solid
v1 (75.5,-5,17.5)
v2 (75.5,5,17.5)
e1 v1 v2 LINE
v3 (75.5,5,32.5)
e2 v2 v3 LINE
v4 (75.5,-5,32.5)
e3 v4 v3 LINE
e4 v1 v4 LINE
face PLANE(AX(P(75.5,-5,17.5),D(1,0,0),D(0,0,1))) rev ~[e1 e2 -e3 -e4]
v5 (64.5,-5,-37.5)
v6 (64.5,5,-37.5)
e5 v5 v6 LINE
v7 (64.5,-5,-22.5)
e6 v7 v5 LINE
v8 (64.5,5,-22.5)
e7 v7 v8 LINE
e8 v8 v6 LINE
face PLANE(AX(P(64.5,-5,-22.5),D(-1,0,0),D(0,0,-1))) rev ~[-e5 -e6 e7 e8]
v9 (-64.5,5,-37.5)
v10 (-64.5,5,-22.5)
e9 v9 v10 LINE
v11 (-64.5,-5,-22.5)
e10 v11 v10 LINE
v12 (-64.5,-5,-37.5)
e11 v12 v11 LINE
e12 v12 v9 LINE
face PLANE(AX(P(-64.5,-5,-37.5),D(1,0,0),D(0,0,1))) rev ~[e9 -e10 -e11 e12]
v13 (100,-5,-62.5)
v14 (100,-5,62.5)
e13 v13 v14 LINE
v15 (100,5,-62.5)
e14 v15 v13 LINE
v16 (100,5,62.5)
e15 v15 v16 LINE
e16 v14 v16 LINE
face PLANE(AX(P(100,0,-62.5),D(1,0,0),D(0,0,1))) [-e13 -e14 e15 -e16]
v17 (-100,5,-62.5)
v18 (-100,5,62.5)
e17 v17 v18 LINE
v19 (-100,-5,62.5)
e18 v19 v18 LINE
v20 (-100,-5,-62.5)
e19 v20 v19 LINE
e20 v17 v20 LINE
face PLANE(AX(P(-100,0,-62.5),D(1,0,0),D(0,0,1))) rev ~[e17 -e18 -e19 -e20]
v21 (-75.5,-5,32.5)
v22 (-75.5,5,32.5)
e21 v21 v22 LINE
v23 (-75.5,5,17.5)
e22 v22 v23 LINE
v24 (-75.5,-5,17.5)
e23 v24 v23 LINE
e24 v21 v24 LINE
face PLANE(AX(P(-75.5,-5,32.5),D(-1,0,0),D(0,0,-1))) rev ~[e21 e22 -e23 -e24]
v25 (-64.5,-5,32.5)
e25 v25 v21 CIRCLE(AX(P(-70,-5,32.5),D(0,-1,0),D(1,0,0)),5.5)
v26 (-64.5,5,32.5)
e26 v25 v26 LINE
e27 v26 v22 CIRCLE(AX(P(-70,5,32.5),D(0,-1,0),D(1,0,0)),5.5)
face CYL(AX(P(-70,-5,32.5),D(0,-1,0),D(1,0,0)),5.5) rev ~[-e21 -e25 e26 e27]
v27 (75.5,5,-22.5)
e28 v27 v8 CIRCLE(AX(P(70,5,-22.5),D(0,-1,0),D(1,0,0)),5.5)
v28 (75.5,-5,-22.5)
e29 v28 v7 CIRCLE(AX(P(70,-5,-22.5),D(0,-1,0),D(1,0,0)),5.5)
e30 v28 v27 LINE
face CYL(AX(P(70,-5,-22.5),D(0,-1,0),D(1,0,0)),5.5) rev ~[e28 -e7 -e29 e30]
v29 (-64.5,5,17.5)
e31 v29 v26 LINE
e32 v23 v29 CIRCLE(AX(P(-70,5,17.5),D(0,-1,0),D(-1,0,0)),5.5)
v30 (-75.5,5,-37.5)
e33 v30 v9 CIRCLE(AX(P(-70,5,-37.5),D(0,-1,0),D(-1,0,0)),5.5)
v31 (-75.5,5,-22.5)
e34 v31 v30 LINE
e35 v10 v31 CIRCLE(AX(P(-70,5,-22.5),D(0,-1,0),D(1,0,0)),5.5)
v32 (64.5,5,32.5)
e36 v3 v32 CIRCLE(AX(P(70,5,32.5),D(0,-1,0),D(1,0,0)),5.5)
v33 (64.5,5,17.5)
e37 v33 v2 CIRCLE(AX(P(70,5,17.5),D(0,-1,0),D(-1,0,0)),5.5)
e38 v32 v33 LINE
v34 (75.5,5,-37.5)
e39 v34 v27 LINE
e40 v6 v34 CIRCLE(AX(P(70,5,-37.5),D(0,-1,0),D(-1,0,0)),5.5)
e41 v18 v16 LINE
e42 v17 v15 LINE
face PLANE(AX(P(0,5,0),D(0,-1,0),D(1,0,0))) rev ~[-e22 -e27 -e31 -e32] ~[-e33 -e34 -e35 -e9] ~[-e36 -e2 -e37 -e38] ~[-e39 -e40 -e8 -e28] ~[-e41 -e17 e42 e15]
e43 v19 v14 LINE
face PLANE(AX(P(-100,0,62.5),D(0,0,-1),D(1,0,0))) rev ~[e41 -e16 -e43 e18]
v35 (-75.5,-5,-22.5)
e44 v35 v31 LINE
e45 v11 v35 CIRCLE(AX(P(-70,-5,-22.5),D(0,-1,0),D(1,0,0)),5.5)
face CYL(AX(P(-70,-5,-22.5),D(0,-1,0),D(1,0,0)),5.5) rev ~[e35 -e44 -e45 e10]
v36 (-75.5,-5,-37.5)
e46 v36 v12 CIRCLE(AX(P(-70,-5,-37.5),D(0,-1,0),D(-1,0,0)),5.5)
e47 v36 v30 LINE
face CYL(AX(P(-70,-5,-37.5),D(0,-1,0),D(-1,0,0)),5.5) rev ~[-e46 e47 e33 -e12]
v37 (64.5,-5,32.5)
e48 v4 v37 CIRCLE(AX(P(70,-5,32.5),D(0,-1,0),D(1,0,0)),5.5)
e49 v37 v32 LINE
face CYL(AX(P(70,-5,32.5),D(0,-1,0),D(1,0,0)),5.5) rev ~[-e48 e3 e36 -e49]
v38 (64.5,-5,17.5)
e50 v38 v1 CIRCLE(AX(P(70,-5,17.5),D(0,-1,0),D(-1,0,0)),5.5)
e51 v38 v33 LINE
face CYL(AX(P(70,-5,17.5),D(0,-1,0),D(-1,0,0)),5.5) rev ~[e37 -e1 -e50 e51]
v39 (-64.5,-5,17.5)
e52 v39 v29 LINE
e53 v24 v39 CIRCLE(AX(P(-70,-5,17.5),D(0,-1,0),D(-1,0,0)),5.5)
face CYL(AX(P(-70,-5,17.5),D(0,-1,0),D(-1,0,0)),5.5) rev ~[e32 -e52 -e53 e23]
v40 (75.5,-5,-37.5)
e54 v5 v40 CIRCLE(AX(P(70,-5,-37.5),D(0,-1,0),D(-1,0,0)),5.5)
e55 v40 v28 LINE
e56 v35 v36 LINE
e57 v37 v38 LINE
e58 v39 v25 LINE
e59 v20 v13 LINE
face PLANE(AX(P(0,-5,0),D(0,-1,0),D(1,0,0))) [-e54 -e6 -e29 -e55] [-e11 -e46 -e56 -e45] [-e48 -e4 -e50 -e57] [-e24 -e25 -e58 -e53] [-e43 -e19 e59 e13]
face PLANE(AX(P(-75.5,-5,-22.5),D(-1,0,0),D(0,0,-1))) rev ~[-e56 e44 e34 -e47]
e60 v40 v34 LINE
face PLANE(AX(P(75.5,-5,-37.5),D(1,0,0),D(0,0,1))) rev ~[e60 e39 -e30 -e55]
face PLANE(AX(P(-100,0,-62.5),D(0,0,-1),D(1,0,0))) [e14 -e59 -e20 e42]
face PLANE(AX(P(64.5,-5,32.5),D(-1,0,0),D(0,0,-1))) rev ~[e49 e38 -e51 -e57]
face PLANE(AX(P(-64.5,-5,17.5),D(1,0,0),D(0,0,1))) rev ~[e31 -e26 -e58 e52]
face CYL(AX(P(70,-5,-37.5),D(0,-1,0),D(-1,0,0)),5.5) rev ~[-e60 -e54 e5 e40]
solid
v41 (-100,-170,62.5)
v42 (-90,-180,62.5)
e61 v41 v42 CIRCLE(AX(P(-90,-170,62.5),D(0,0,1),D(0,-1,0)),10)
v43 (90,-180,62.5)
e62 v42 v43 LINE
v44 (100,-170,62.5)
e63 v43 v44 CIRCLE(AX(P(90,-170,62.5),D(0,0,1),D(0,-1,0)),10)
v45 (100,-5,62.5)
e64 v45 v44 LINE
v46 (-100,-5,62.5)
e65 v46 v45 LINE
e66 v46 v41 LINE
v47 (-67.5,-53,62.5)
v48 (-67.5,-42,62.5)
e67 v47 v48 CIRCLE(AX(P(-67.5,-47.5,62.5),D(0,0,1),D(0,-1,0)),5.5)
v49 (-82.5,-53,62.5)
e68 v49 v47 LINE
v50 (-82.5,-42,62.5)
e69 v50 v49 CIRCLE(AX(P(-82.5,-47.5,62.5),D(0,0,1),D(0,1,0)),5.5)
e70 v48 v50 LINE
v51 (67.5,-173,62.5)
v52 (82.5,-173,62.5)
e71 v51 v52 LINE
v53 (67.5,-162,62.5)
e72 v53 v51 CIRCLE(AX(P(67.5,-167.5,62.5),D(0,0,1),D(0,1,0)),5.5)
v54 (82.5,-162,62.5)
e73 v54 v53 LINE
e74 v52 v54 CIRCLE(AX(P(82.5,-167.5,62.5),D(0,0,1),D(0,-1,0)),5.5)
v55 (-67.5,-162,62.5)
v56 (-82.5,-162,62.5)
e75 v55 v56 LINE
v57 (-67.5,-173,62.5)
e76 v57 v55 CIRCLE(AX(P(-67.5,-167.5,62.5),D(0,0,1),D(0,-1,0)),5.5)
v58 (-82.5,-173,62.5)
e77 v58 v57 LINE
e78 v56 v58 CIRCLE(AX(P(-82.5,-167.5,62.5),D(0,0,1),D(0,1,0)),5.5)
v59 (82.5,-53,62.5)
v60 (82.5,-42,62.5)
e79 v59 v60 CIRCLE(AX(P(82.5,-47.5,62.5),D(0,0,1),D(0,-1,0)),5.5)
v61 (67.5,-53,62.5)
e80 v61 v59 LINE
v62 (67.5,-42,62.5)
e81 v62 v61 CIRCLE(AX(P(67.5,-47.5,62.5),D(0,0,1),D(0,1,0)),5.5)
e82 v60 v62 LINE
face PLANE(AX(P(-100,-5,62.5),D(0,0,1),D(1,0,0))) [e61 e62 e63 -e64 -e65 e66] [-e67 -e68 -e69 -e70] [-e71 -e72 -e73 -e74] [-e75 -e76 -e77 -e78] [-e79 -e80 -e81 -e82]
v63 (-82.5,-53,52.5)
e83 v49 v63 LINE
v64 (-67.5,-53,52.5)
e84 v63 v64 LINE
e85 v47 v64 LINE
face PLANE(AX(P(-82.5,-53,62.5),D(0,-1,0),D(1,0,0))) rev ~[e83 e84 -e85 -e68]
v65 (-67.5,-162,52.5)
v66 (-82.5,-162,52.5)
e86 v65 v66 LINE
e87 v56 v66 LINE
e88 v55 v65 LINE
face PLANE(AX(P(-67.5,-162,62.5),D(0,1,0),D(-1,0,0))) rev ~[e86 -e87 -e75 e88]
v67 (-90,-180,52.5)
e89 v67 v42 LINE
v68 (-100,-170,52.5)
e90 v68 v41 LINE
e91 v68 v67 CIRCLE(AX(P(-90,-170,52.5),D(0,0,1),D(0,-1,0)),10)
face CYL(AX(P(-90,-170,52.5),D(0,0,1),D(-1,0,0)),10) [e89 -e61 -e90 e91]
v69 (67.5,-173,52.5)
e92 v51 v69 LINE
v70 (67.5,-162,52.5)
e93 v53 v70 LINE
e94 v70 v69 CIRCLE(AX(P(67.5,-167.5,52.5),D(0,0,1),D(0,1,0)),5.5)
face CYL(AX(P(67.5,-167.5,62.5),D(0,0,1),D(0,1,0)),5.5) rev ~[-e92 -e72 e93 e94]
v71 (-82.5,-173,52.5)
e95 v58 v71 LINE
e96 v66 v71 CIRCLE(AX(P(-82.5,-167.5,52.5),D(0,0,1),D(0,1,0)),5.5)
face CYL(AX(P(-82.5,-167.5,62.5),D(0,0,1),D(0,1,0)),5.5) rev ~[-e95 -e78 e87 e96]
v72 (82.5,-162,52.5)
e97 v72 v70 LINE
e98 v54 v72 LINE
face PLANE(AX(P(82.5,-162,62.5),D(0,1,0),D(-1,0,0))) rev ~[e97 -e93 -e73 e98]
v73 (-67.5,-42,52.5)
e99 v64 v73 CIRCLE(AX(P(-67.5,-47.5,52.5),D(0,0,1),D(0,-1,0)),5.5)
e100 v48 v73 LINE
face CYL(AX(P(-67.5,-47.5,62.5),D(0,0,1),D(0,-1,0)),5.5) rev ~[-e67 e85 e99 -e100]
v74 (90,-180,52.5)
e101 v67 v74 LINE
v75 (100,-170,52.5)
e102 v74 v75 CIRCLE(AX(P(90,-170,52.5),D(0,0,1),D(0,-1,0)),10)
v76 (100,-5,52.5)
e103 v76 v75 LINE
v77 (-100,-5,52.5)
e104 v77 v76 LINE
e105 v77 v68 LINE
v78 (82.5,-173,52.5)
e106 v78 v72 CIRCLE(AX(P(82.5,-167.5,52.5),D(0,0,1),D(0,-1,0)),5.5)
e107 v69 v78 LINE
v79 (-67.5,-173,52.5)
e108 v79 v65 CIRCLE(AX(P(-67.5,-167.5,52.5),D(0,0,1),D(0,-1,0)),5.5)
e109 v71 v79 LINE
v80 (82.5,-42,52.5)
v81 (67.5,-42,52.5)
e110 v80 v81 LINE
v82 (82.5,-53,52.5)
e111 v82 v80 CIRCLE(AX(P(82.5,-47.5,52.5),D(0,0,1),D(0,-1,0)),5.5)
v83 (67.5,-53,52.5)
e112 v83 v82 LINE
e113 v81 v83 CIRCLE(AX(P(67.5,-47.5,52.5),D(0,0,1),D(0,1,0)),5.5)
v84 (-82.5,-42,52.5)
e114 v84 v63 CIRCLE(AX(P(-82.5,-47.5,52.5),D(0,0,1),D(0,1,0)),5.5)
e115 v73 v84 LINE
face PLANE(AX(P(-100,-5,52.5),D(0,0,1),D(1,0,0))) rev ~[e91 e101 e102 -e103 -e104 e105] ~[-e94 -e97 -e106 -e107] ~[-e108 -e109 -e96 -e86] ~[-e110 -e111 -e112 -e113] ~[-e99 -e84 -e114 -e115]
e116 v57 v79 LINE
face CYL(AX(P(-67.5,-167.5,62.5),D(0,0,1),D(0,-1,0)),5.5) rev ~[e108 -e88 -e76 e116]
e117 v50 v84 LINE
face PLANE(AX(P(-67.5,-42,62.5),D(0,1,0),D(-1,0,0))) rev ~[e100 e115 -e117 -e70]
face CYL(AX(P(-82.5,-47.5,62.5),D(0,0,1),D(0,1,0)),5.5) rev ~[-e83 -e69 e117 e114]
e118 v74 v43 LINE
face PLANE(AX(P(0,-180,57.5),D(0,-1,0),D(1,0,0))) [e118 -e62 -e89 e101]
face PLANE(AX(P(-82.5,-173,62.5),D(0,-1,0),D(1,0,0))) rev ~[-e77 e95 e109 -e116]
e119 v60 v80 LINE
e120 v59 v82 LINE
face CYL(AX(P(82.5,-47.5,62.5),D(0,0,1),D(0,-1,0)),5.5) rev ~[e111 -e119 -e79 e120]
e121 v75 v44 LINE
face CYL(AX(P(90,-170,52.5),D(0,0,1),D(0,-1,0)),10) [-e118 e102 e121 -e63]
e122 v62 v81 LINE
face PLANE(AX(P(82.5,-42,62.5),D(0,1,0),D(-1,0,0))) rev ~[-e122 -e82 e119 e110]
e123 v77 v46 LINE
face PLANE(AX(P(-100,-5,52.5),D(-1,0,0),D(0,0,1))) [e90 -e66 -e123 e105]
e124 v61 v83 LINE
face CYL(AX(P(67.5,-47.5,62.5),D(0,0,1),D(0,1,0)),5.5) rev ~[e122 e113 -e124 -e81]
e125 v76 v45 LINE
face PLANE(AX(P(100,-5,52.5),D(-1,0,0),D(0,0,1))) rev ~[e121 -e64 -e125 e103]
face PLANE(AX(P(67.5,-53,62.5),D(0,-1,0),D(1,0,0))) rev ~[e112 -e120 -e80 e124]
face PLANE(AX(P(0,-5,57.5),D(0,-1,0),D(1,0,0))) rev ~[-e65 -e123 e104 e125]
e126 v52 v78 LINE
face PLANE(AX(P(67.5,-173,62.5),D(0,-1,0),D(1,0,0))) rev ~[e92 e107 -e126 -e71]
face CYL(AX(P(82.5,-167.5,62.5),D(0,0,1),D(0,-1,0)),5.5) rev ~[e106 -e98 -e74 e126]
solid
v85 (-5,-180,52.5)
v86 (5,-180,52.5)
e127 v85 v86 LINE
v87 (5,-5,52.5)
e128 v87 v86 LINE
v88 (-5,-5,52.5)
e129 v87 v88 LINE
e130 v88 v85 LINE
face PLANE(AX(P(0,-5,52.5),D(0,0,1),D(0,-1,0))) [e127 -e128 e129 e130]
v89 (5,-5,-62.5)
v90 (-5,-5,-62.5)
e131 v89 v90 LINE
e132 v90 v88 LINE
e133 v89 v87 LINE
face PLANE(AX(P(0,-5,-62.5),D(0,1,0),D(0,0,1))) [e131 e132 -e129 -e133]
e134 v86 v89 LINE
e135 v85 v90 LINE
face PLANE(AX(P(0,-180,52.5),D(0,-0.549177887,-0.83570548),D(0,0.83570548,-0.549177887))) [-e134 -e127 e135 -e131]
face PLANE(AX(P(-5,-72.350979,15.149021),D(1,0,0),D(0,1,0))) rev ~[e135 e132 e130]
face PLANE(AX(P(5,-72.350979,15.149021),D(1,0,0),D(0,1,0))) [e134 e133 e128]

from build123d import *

# Parameters (mm, degrees)
F0_W     = 200
F0_H     = 125
F1_DEPTH = 5
F2_W     = 200
F2_H     = 10
F3_DEPTH = 175
F5_DEPTH = 10.001
F7_DEPTH = 5
F9_DEPTH = 125.001
F10_R    = 10


with BuildPart() as f1:
    # F0 (on Front) → F1 (new body, symmetric)
    with BuildSketch(Plane.XZ):
        Rectangle(F0_W, F0_H)
    extrude(amount=F1_DEPTH, both=True)

    # F4 (on face) → F5 (cut, through all)
    with BuildSketch(Plane.XZ.offset(5)):
        with BuildLine():
            ThreePointArc((-64.5, 32.5), (-70, 38), (-75.5, 32.5))
            Line((-75.5, 32.5), (-75.5, 17.5))
            ThreePointArc((-75.5, 17.5), (-70, 12), (-64.5, 17.5))
            Line((-64.5, 17.5), (-64.5, 32.5))
        make_face()
        with BuildLine():
            ThreePointArc((-64.5, -22.5), (-70, -17), (-75.5, -22.5))
            Line((-75.5, -22.5), (-75.5, -37.5))
            ThreePointArc((-75.5, -37.5), (-70, -43), (-64.5, -37.5))
            Line((-64.5, -37.5), (-64.5, -22.5))
        make_face()
        with BuildLine():
            ThreePointArc((75.5, 32.5), (70, 38), (64.5, 32.5))
            Line((64.5, 32.5), (64.5, 17.5))
            ThreePointArc((64.5, 17.5), (70, 12), (75.5, 17.5))
            Line((75.5, 17.5), (75.5, 32.5))
        make_face()
        with BuildLine():
            Line((75.5, -37.5), (75.5, -22.5))
            ThreePointArc((75.5, -22.5), (70, -17), (64.5, -22.5))
            Line((64.5, -22.5), (64.5, -37.5))
            ThreePointArc((64.5, -37.5), (70, -43), (75.5, -37.5))
        make_face()
    extrude(amount=-F5_DEPTH, mode=Mode.SUBTRACT)


with BuildPart() as f3:
    # F2 (on face) → F3 (new body)
    with BuildSketch(Plane.XZ.offset(5)):
        with Locations((0, 57.5)):
            Rectangle(F2_W, F2_H)
    extrude(amount=F3_DEPTH)

    # F8 (on face) → F9 (cut, through all)
    with BuildSketch(Plane.XY.offset(62.5)):
        with BuildLine():
            ThreePointArc((67.5, -42), (62, -47.5), (67.5, -53))
            Line((67.5, -53), (82.5, -53))
            ThreePointArc((82.5, -53), (88, -47.5), (82.5, -42))
            Line((82.5, -42), (67.5, -42))
        make_face()
        with BuildLine():
            ThreePointArc((67.5, -162), (62, -167.5), (67.5, -173))
            Line((67.5, -173), (82.5, -173))
            ThreePointArc((82.5, -173), (88, -167.5), (82.5, -162))
            Line((82.5, -162), (67.5, -162))
        make_face()
        with BuildLine():
            Line((-82.5, -53), (-67.5, -53))
            ThreePointArc((-67.5, -53), (-62, -47.5), (-67.5, -42))
            Line((-67.5, -42), (-82.5, -42))
            ThreePointArc((-82.5, -42), (-88, -47.5), (-82.5, -53))
        make_face()
        with BuildLine():
            Line((-82.5, -173), (-67.5, -173))
            ThreePointArc((-67.5, -173), (-62, -167.5), (-67.5, -162))
            Line((-67.5, -162), (-82.5, -162))
            ThreePointArc((-82.5, -162), (-88, -167.5), (-82.5, -173))
        make_face()
    extrude(amount=-F9_DEPTH, mode=Mode.SUBTRACT)

    # F10
    f10_edges = [f3.edges().sort_by_distance(p)[0] for p in [
        (100, -180, 57.5),
        (-100, -180, 57.5),
    ]]
    fillet(f10_edges, radius=F10_R)


with BuildPart() as f7:
    # F6 (on Right) → F7 (new body, symmetric)
    with BuildSketch(Plane.YZ):
        Polygon((-5, 52.5), (-180, 52.5), (-5, -62.5), align=None)
    extrude(amount=F7_DEPTH, both=True)


solid = Compound([f1.part, f3.part, f7.part])
